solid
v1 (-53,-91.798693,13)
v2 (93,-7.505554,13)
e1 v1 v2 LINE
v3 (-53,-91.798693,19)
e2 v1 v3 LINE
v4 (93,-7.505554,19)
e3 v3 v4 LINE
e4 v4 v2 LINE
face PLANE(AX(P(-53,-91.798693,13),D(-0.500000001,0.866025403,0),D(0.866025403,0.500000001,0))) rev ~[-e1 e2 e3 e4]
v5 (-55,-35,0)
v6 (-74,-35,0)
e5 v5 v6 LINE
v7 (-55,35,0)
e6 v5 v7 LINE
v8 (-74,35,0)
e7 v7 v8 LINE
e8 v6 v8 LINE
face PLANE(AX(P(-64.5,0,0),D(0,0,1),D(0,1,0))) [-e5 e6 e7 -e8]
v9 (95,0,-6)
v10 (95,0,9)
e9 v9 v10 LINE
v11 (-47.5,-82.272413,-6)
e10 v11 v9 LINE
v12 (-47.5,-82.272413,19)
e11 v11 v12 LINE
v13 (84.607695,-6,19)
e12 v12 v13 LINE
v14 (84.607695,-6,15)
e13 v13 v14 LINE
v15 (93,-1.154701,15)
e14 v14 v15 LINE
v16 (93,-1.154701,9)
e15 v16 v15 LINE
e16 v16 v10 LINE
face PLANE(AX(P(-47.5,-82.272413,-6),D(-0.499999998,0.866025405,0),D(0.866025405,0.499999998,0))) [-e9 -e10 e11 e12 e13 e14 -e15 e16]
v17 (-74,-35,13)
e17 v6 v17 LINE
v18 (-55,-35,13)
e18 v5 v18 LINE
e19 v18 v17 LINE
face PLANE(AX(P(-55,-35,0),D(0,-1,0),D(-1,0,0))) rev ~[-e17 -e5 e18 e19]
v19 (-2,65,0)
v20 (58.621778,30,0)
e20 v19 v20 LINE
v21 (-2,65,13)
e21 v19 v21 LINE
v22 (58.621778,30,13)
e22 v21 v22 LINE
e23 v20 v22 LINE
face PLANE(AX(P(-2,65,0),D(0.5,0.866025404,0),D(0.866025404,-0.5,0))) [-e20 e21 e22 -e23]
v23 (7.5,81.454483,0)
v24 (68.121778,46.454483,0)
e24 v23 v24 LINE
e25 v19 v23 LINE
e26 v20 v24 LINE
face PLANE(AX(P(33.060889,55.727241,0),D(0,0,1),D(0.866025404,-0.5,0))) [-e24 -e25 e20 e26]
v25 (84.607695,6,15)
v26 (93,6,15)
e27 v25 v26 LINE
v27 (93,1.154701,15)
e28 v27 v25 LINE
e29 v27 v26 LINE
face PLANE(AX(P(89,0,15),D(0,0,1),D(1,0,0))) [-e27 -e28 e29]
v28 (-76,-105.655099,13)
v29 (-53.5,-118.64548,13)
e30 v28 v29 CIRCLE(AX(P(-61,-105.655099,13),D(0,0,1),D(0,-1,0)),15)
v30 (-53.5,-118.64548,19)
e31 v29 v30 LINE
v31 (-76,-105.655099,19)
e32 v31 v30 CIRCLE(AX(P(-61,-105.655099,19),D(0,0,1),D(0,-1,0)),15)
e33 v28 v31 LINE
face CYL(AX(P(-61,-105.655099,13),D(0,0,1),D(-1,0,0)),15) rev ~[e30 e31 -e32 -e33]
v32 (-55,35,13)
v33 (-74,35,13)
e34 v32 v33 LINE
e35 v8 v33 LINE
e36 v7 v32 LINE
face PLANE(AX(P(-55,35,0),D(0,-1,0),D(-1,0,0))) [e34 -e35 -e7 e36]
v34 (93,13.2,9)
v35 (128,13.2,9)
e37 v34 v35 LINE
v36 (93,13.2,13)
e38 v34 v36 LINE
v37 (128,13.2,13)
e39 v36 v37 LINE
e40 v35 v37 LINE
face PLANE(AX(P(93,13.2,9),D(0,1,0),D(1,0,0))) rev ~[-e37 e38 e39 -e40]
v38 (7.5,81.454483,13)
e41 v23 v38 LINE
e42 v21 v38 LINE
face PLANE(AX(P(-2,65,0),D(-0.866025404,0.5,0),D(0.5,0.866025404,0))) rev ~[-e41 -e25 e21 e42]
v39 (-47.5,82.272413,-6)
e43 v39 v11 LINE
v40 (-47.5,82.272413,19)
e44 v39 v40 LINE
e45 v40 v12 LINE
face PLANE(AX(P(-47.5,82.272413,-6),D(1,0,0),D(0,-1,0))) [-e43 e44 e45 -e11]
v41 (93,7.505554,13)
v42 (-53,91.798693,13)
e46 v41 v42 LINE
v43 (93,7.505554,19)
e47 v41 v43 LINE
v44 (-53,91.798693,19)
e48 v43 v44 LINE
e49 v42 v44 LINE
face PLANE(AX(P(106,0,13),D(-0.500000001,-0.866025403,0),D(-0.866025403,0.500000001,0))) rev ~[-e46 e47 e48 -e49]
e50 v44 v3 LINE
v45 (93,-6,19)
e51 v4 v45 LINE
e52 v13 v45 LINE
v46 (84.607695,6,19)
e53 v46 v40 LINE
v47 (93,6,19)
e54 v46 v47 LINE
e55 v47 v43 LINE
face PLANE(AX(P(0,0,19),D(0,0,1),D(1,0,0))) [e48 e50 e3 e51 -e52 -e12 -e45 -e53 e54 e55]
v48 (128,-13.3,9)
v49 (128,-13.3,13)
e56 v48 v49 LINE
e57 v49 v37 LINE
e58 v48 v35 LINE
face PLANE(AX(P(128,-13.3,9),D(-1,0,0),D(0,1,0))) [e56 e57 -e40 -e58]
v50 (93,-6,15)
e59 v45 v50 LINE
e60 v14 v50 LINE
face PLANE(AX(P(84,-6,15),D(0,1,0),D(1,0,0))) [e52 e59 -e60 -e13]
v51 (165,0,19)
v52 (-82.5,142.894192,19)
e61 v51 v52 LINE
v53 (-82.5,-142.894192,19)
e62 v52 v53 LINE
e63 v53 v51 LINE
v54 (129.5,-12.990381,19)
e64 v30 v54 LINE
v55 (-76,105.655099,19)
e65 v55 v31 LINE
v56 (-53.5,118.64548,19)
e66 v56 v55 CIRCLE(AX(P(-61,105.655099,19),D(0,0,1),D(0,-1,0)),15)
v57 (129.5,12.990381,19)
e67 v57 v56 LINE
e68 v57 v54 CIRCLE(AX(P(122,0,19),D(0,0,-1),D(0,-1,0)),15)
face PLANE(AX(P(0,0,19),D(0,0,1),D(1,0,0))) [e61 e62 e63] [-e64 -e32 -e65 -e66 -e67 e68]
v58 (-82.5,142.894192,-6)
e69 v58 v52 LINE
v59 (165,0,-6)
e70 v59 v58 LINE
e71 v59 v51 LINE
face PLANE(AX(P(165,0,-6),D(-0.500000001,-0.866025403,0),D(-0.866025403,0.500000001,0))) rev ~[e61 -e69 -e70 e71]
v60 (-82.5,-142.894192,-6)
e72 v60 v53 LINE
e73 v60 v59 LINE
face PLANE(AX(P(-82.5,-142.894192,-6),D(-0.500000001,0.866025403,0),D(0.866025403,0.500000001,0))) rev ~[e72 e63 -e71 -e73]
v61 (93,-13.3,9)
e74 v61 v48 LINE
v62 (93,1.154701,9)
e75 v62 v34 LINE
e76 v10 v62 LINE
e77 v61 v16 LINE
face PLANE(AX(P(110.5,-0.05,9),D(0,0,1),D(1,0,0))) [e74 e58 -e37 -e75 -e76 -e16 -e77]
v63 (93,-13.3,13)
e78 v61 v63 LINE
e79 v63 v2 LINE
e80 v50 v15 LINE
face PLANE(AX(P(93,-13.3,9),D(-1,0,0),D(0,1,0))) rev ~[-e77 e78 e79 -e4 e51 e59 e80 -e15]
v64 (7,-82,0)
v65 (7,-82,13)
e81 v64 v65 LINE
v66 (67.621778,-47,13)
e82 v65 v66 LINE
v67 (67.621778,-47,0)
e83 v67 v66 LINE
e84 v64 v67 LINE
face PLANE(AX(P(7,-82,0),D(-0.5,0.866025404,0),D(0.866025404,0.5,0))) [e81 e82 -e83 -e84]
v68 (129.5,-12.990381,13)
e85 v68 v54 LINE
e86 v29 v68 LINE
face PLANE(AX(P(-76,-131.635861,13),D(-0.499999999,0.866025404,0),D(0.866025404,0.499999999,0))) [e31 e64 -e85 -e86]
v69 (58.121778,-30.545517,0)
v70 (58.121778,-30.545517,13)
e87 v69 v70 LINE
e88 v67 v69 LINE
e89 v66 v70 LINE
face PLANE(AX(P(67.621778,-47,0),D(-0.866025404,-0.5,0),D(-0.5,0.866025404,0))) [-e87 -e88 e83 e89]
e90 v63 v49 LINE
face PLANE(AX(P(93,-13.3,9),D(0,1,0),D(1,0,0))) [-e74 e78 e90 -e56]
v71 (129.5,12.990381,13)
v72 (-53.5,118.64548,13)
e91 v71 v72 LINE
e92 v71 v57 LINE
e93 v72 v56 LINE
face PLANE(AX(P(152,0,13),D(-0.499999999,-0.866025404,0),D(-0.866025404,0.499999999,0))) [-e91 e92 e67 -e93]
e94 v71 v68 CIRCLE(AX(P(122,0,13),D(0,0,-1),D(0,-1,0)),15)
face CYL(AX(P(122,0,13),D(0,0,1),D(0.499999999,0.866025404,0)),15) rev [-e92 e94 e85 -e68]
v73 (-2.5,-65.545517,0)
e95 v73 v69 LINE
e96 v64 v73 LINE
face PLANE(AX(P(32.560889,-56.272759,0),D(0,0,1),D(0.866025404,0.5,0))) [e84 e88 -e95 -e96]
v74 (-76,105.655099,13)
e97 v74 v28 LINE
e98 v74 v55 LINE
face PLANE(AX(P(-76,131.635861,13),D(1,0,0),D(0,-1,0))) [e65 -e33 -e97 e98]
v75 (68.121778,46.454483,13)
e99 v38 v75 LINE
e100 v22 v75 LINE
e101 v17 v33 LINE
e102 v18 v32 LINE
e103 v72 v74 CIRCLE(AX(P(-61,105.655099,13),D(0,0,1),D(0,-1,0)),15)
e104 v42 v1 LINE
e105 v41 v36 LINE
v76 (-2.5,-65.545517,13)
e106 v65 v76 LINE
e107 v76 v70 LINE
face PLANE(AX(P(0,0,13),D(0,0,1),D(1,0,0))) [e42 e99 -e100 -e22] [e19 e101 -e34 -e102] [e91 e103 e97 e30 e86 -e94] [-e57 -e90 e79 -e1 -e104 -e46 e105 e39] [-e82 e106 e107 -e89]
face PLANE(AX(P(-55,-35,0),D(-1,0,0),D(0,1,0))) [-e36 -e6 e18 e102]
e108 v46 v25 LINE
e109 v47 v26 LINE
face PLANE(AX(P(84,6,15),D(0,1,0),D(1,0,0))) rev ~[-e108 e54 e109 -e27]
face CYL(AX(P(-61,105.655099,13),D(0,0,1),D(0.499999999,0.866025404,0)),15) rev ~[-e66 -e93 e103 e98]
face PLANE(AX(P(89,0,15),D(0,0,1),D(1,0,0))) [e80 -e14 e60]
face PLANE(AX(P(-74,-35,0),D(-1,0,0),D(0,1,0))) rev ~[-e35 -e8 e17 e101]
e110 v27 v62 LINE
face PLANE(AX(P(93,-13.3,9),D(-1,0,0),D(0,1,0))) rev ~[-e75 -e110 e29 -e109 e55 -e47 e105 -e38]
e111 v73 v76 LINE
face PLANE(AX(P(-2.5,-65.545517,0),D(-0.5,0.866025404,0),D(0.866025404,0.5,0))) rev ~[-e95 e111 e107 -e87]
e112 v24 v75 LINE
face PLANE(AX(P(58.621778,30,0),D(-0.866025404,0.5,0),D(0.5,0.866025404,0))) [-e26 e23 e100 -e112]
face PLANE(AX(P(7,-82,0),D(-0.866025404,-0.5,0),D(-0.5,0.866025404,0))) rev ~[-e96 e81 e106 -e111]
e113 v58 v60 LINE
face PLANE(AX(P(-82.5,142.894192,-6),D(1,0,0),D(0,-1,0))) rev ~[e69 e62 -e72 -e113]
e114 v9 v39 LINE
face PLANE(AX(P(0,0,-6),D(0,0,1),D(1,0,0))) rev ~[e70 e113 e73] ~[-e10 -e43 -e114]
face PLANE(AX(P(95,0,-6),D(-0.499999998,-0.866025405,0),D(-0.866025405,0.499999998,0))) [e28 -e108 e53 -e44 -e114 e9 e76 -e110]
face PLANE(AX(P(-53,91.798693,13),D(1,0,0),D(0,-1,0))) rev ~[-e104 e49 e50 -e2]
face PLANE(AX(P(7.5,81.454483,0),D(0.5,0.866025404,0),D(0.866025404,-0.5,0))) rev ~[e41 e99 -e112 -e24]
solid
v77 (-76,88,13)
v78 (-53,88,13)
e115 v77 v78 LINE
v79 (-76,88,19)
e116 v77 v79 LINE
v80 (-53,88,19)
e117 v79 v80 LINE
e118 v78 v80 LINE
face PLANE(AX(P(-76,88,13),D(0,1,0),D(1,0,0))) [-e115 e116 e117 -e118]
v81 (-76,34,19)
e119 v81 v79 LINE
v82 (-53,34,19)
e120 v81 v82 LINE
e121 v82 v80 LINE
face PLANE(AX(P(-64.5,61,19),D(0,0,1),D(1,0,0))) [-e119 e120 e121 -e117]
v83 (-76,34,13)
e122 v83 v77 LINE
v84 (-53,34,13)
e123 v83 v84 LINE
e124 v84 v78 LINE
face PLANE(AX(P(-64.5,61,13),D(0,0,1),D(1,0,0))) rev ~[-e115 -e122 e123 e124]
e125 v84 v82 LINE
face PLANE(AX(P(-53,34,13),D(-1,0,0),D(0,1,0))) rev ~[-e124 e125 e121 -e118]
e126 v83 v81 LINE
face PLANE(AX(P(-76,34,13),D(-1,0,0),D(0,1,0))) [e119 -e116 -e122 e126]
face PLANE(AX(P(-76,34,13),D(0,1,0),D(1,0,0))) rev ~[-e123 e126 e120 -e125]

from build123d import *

# Parameters (mm, degrees)
BOX005_W               = 23
BOX005_H               = 54
BOX005_DEPTH           = 6
PRISM003_DEPTH         = 6
PRISM002_DEPTH         = 6
BOX004_W               = 10
BOX004_H               = 12
BOX004_DEPTH           = 4
BOX003_W               = 35
BOX003_H               = 26.5
BOX003_DEPTH           = 10
BOX002_W               = 70
BOX002_H               = 19
BOX002_DEPTH           = 19
BOX002_PLACEMENT_ANGLE = 30
BOX001_W               = 70
BOX001_H               = 19
BOX001_DEPTH           = 19
BOX001_PLACEMENT_ANGLE = 90
BOX_W                  = 70
BOX_H                  = 19
BOX_DEPTH              = 19
BOX_PLACEMENT_ANGLE    = 30
PRISM001_DEPTH         = 25
PRISM_DEPTH            = 25
FILLET_R               = 15


with BuildPart() as box005:
    # Box005 → Box005 (new body)
    with BuildSketch(Plane(origin=(-76, 34, 13), x_dir=(1, 0, 0), z_dir=(0, 0, 1))):
        with Locations((11.5, 27)):
            Rectangle(BOX005_W, BOX005_H)
    extrude(amount=BOX005_DEPTH)


with BuildPart() as prism003:
    # Prism003 → Prism003 (new body)
    with BuildSketch(Plane.XY.offset(13)):
        Polygon((106, 0), (-53, 91.798693), (-53, -91.798693), align=None)
    extrude(amount=PRISM003_DEPTH)


with BuildPart() as cut006:
    # Prism002 → Prism002 (new body)
    with BuildSketch(Plane.XY.offset(13)):
        Polygon((152, 0), (-76, 131.635861), (-76, -131.635861), align=None)
    extrude(amount=PRISM002_DEPTH)

    # Cut006: cut Prism003
    add(prism003.part, mode=Mode.SUBTRACT)


with BuildPart() as box004:
    # Box004 → Box004 (new body)
    with BuildSketch(Plane(origin=(84, -6, 15), x_dir=(1, 0, 0), z_dir=(0, 0, 1))):
        with Locations((5, 6)):
            Rectangle(BOX004_W, BOX004_H)
    extrude(amount=BOX004_DEPTH)


with BuildPart() as box003:
    # Box003 → Box003 (new body)
    with BuildSketch(Plane(origin=(93, -13.3, 9), x_dir=(1, 0, 0), z_dir=(0, 0, 1))):
        with Locations((17.5, 13.25)):
            Rectangle(BOX003_W, BOX003_H)
    extrude(amount=BOX003_DEPTH)


with BuildPart() as box002:
    # Box002 → Box002 (new body)
    with BuildSketch(Plane.XY):
        with Locations((35, 9.5)):
            Rectangle(BOX002_W, BOX002_H)
    extrude(amount=BOX002_DEPTH)


with BuildPart() as box002_1:
    # Box002 placement: moved
    add(box002.part.moved(Location((7, -82, 0))).rotate(Axis((7, -82, 0), (0, 0, 1)), BOX002_PLACEMENT_ANGLE))


with BuildPart() as box001:
    # Box001 → Box001 (new body)
    with BuildSketch(Plane.XY):
        with Locations((35, 9.5)):
            Rectangle(BOX001_W, BOX001_H)
    extrude(amount=BOX001_DEPTH)


with BuildPart() as box001_1:
    # Box001 placement: moved
    add(box001.part.moved(Location((-55, -35, 0))).rotate(Axis((-55, -35, 0), (0, 0, 1)), BOX001_PLACEMENT_ANGLE))


with BuildPart() as box:
    # Box → Box (new body)
    with BuildSketch(Plane.XY):
        with Locations((35, 9.5)):
            Rectangle(BOX_W, BOX_H)
    extrude(amount=BOX_DEPTH)


with BuildPart() as box_1:
    # Box placement: moved
    add(box.part.moved(Location((-2, 65, 0))).rotate(Axis((-2, 65, 0), (0, 0, -1)), BOX_PLACEMENT_ANGLE))


with BuildPart() as prism001:
    # Prism001 → Prism001 (new body)
    with BuildSketch(Plane.XY.offset(-6)):
        Polygon((95, 0), (-47.5, 82.272413), (-47.5, -82.272413), align=None)
    extrude(amount=PRISM001_DEPTH)


with BuildPart() as fillet_body:
    # Prism → Prism (new body)
    with BuildSketch(Plane.XY.offset(-6)):
        Polygon((165, 0), (-82.5, 142.894192), (-82.5, -142.894192), align=None)
    extrude(amount=PRISM_DEPTH)

    # Cut: cut Prism001
    add(prism001.part, mode=Mode.SUBTRACT)

    # Cut001: cut Box
    add(box_1.part, mode=Mode.SUBTRACT)

    # Cut002: cut Box001
    add(box001_1.part, mode=Mode.SUBTRACT)

    # Cut003: cut Box002
    add(box002_1.part, mode=Mode.SUBTRACT)

    # Cut004: cut Box003
    add(box003.part, mode=Mode.SUBTRACT)

    # Cut005: cut Box004
    add(box004.part, mode=Mode.SUBTRACT)

    # Cut007: cut Cut006
    add(cut006.part, mode=Mode.SUBTRACT)

    # Fillet
    fillet_edges = [fillet_body.edges().sort_by_distance(p)[0] for p in [
        (152, 0, 16),
        (-76, 131.635861, 16),
        (-76, -131.635861, 16),
    ]]
    fillet(fillet_edges, radius=FILLET_R)


solid = Compound([box005.part, fillet_body.part])
